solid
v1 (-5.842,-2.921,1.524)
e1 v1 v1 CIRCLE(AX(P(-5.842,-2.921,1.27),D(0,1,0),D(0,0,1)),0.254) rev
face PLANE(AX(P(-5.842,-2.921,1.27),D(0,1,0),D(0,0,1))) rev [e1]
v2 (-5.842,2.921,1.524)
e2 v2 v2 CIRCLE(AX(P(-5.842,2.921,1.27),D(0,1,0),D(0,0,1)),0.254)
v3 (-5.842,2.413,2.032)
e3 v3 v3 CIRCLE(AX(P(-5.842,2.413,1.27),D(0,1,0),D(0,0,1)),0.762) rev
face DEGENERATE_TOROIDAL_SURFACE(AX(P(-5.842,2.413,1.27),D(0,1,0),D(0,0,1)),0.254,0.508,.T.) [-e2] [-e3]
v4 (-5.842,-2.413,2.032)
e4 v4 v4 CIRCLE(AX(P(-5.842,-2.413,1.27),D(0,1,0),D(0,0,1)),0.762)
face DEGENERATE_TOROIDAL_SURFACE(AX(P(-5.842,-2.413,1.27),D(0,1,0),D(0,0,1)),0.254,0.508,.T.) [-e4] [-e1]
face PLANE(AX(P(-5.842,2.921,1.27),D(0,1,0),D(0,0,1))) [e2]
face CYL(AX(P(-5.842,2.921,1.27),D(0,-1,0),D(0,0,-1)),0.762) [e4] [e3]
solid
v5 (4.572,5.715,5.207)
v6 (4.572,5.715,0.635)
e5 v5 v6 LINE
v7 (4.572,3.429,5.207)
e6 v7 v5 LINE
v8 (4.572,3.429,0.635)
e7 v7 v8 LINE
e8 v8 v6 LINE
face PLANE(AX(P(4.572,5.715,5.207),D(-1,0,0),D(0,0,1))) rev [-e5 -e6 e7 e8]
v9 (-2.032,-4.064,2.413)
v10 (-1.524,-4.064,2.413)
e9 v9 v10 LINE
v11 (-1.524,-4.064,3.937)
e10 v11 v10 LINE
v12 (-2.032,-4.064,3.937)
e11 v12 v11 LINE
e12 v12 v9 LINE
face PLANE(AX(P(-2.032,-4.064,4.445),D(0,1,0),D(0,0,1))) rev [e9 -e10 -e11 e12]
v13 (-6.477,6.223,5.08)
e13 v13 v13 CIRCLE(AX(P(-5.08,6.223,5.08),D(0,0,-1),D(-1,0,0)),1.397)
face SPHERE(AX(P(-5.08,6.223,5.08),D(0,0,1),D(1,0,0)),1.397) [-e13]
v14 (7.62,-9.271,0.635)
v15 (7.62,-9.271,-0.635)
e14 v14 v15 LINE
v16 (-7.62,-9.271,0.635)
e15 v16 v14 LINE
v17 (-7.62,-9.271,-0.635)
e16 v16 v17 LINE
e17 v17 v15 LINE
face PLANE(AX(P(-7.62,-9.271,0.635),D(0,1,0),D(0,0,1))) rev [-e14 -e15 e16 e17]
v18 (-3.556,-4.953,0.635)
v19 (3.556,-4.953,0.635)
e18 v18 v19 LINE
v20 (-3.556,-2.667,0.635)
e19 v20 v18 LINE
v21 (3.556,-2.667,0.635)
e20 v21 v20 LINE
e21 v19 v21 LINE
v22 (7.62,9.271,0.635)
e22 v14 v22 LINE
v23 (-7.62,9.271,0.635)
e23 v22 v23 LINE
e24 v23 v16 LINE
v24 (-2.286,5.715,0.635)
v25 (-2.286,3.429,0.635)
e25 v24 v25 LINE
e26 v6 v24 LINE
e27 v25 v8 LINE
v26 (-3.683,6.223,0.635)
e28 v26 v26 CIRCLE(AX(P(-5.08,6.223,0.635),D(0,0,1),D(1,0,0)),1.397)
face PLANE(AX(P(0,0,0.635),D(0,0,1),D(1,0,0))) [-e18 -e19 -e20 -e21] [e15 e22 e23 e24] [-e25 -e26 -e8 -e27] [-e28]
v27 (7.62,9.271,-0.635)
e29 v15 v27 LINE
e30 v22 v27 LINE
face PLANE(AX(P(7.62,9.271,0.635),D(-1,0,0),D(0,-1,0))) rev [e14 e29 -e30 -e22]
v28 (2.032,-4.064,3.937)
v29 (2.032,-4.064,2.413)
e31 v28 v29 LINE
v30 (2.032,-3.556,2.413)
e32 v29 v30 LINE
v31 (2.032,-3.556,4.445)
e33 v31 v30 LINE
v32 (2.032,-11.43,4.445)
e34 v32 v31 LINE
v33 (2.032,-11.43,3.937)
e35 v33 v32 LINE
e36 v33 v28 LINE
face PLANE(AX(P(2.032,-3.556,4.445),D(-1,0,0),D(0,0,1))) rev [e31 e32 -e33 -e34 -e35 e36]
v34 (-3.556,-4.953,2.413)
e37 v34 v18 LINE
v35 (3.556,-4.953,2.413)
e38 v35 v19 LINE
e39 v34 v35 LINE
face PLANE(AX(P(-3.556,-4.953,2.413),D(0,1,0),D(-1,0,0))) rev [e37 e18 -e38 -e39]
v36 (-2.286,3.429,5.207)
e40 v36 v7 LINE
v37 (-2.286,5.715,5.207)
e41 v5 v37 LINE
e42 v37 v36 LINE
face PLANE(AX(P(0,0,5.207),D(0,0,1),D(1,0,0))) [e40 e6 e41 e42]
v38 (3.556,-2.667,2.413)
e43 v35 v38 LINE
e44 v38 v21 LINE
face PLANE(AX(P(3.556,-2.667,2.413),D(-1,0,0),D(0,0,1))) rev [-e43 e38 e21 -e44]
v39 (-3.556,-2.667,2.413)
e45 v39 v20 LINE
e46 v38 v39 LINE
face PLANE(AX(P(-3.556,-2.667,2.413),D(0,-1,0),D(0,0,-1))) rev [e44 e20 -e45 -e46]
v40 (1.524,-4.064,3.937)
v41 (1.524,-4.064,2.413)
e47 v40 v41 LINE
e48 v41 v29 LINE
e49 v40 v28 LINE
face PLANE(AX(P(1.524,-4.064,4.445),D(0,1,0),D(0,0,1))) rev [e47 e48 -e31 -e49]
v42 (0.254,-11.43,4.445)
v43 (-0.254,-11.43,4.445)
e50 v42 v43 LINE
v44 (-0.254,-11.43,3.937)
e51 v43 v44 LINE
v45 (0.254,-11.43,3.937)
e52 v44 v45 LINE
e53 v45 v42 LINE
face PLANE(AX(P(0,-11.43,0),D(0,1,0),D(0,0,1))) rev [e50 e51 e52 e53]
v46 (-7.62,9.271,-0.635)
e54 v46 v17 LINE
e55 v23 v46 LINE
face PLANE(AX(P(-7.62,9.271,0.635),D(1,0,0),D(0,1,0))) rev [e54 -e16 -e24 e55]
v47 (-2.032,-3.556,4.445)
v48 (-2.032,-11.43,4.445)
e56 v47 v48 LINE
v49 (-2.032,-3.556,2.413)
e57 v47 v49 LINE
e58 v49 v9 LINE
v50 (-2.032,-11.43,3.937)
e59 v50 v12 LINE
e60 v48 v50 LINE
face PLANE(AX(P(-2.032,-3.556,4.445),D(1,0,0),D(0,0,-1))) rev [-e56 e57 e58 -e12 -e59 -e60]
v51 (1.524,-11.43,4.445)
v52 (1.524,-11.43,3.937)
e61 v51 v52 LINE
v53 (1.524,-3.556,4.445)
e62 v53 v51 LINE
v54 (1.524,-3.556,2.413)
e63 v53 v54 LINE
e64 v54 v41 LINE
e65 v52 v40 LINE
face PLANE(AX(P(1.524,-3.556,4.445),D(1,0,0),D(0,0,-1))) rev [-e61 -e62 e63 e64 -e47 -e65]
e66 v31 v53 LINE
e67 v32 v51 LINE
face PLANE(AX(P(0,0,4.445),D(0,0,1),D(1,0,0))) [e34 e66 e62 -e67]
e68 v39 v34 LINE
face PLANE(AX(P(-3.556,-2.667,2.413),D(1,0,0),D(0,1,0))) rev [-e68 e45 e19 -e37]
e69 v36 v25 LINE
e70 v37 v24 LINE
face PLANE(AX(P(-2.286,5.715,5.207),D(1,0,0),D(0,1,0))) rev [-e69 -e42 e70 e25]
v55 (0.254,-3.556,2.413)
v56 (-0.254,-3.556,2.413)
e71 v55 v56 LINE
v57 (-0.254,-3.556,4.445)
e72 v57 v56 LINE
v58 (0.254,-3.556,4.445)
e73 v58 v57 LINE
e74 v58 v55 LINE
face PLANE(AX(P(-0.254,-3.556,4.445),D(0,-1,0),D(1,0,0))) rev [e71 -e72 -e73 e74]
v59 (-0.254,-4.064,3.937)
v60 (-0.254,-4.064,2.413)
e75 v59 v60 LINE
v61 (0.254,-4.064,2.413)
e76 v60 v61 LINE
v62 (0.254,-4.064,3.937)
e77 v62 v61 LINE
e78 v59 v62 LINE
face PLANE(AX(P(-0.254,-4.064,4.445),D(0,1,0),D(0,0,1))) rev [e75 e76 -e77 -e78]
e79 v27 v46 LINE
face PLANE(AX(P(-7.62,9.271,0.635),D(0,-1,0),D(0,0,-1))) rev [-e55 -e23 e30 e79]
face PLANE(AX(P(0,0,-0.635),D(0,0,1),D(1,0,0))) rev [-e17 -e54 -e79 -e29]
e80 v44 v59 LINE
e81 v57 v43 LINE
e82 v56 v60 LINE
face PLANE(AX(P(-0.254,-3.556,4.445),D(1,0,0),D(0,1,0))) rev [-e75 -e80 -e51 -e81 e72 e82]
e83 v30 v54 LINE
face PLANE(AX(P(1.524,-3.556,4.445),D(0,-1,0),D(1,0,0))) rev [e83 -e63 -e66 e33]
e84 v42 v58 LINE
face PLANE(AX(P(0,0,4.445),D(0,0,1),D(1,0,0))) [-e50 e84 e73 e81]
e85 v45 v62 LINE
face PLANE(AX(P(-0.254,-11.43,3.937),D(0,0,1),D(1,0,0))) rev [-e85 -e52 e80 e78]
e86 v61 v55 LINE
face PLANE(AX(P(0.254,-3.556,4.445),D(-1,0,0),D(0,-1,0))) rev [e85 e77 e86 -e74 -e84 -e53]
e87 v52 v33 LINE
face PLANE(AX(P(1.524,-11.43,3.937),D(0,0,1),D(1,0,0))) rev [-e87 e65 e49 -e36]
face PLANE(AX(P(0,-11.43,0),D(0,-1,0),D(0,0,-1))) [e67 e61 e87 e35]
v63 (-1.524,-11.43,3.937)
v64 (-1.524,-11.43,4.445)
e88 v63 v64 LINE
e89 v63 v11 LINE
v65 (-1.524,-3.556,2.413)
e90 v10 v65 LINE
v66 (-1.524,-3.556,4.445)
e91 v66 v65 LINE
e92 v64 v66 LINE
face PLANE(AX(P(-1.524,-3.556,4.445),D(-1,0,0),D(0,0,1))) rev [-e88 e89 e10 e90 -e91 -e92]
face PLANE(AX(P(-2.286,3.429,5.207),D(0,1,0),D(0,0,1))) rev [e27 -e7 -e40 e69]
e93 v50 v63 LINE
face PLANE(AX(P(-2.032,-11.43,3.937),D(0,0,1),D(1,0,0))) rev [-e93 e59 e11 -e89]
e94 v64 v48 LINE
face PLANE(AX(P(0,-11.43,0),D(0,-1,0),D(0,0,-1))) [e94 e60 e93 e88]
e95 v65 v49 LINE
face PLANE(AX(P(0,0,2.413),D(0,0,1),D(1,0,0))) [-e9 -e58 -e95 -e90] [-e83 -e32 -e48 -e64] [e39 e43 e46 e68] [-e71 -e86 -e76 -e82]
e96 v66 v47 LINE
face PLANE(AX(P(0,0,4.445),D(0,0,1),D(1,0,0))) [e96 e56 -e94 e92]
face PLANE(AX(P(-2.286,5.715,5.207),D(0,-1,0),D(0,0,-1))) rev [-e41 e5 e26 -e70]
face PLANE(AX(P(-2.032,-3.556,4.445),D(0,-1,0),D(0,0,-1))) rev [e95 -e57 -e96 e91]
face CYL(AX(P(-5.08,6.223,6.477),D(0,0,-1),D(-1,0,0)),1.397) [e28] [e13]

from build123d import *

# Parameters (mm, degrees)
SKETCH1_W           = 15.24
SKETCH1_H           = 18.542
BOSS_EXTRUDE1_DEPTH = 0.635
SKETCH2_W           = 7.112
SKETCH2_H           = 2.286
BOSS_EXTRUDE2_DEPTH = 1.778
SKETCH3_W           = 0.508
SKETCH3_H           = 0.508
BOSS_EXTRUDE3_DEPTH = 2.032
SKETCH4_W           = 0.508
SKETCH4_H           = 0.508
BOSS_EXTRUDE4_DEPTH = 7.366
SKETCH8_W           = 6.858
SKETCH8_H           = 2.286
BOSS_EXTRUDE6_DEPTH = 4.572
SKETCH9_R           = 1.397
BOSS_EXTRUDE7_DEPTH = 5.842
FILLET1_R           = 1.397
SKETCH10_R          = 0.762
BOSS_EXTRUDE8_DEPTH = 2.921
FILLET2_R           = 0.508


with BuildPart() as part:
    # Sketch1 → Boss-Extrude1 (new, symmetric)
    with BuildSketch(Plane.XY):
        Rectangle(SKETCH1_W, SKETCH1_H)
    extrude(amount=BOSS_EXTRUDE1_DEPTH, both=True)

    # Sketch2 → Boss-Extrude2 (add)
    with BuildSketch(Plane.XY.offset(0.635)):
        with Locations((0, -3.81)):
            Rectangle(SKETCH2_W, SKETCH2_H)
    extrude(amount=BOSS_EXTRUDE2_DEPTH)

    # Sketch3 → Boss-Extrude3 (add)
    with BuildSketch(Plane.XY.offset(2.413)):
        with Locations((-1.778, -3.81)):
            Rectangle(SKETCH3_W, SKETCH3_H)
        with Locations((0, -3.81)):
            Rectangle(SKETCH3_W, SKETCH3_H)
        with Locations((1.778, -3.81)):
            Rectangle(SKETCH3_W, SKETCH3_H)
    extrude(amount=BOSS_EXTRUDE3_DEPTH)

    # Sketch4 → Boss-Extrude4 (add)
    with BuildSketch(Plane.XZ.offset(4.064)):
        with Locations((-1.778, 4.191)):
            Rectangle(SKETCH4_W, SKETCH4_H)
        with Locations((0, 4.191)):
            Rectangle(SKETCH4_W, SKETCH4_H)
        with Locations((1.778, 4.191)):
            Rectangle(SKETCH4_W, SKETCH4_H)
    extrude(amount=BOSS_EXTRUDE4_DEPTH)

    # Sketch8 → Boss-Extrude6 (add)
    with BuildSketch(Plane.XY.offset(0.635)):
        with Locations((1.143, 4.572)):
            Rectangle(SKETCH8_W, SKETCH8_H)
    extrude(amount=BOSS_EXTRUDE6_DEPTH)

    # Sketch9 → Boss-Extrude7 (add)
    with BuildSketch(Plane.XY.offset(0.635)):
        with Locations((-5.08, 6.223)):
            Circle(SKETCH9_R)
    extrude(amount=BOSS_EXTRUDE7_DEPTH)

    # Fillet1
    fillet1_edges = [part.edges().sort_by_distance(p)[0] for p in [
        (-6.477, 6.223, 6.477),
    ]]
    fillet(fillet1_edges, radius=FILLET1_R)


with BuildPart() as body_2:
    # Sketch10 → Boss-Extrude8 (new, symmetric)
    with BuildSketch(Plane(origin=(0, 0, 0), x_dir=(1, 0, 0), z_dir=(0, 1, 0))):
        with Locations(Location((-5.842, -1.27, 0), (0, 0, 270))):
            Circle(SKETCH10_R)
    extrude(amount=BOSS_EXTRUDE8_DEPTH, both=True)

    # Fillet2
    fillet2_edges = [body_2.edges().sort_by_distance(p)[0] for p in [
        (-5.842, -2.921, 0.508),
        (-5.842, 2.921, 0.508),
    ]]
    fillet(fillet2_edges, radius=FILLET2_R)


solid = Compound([part.part, body_2.part])
